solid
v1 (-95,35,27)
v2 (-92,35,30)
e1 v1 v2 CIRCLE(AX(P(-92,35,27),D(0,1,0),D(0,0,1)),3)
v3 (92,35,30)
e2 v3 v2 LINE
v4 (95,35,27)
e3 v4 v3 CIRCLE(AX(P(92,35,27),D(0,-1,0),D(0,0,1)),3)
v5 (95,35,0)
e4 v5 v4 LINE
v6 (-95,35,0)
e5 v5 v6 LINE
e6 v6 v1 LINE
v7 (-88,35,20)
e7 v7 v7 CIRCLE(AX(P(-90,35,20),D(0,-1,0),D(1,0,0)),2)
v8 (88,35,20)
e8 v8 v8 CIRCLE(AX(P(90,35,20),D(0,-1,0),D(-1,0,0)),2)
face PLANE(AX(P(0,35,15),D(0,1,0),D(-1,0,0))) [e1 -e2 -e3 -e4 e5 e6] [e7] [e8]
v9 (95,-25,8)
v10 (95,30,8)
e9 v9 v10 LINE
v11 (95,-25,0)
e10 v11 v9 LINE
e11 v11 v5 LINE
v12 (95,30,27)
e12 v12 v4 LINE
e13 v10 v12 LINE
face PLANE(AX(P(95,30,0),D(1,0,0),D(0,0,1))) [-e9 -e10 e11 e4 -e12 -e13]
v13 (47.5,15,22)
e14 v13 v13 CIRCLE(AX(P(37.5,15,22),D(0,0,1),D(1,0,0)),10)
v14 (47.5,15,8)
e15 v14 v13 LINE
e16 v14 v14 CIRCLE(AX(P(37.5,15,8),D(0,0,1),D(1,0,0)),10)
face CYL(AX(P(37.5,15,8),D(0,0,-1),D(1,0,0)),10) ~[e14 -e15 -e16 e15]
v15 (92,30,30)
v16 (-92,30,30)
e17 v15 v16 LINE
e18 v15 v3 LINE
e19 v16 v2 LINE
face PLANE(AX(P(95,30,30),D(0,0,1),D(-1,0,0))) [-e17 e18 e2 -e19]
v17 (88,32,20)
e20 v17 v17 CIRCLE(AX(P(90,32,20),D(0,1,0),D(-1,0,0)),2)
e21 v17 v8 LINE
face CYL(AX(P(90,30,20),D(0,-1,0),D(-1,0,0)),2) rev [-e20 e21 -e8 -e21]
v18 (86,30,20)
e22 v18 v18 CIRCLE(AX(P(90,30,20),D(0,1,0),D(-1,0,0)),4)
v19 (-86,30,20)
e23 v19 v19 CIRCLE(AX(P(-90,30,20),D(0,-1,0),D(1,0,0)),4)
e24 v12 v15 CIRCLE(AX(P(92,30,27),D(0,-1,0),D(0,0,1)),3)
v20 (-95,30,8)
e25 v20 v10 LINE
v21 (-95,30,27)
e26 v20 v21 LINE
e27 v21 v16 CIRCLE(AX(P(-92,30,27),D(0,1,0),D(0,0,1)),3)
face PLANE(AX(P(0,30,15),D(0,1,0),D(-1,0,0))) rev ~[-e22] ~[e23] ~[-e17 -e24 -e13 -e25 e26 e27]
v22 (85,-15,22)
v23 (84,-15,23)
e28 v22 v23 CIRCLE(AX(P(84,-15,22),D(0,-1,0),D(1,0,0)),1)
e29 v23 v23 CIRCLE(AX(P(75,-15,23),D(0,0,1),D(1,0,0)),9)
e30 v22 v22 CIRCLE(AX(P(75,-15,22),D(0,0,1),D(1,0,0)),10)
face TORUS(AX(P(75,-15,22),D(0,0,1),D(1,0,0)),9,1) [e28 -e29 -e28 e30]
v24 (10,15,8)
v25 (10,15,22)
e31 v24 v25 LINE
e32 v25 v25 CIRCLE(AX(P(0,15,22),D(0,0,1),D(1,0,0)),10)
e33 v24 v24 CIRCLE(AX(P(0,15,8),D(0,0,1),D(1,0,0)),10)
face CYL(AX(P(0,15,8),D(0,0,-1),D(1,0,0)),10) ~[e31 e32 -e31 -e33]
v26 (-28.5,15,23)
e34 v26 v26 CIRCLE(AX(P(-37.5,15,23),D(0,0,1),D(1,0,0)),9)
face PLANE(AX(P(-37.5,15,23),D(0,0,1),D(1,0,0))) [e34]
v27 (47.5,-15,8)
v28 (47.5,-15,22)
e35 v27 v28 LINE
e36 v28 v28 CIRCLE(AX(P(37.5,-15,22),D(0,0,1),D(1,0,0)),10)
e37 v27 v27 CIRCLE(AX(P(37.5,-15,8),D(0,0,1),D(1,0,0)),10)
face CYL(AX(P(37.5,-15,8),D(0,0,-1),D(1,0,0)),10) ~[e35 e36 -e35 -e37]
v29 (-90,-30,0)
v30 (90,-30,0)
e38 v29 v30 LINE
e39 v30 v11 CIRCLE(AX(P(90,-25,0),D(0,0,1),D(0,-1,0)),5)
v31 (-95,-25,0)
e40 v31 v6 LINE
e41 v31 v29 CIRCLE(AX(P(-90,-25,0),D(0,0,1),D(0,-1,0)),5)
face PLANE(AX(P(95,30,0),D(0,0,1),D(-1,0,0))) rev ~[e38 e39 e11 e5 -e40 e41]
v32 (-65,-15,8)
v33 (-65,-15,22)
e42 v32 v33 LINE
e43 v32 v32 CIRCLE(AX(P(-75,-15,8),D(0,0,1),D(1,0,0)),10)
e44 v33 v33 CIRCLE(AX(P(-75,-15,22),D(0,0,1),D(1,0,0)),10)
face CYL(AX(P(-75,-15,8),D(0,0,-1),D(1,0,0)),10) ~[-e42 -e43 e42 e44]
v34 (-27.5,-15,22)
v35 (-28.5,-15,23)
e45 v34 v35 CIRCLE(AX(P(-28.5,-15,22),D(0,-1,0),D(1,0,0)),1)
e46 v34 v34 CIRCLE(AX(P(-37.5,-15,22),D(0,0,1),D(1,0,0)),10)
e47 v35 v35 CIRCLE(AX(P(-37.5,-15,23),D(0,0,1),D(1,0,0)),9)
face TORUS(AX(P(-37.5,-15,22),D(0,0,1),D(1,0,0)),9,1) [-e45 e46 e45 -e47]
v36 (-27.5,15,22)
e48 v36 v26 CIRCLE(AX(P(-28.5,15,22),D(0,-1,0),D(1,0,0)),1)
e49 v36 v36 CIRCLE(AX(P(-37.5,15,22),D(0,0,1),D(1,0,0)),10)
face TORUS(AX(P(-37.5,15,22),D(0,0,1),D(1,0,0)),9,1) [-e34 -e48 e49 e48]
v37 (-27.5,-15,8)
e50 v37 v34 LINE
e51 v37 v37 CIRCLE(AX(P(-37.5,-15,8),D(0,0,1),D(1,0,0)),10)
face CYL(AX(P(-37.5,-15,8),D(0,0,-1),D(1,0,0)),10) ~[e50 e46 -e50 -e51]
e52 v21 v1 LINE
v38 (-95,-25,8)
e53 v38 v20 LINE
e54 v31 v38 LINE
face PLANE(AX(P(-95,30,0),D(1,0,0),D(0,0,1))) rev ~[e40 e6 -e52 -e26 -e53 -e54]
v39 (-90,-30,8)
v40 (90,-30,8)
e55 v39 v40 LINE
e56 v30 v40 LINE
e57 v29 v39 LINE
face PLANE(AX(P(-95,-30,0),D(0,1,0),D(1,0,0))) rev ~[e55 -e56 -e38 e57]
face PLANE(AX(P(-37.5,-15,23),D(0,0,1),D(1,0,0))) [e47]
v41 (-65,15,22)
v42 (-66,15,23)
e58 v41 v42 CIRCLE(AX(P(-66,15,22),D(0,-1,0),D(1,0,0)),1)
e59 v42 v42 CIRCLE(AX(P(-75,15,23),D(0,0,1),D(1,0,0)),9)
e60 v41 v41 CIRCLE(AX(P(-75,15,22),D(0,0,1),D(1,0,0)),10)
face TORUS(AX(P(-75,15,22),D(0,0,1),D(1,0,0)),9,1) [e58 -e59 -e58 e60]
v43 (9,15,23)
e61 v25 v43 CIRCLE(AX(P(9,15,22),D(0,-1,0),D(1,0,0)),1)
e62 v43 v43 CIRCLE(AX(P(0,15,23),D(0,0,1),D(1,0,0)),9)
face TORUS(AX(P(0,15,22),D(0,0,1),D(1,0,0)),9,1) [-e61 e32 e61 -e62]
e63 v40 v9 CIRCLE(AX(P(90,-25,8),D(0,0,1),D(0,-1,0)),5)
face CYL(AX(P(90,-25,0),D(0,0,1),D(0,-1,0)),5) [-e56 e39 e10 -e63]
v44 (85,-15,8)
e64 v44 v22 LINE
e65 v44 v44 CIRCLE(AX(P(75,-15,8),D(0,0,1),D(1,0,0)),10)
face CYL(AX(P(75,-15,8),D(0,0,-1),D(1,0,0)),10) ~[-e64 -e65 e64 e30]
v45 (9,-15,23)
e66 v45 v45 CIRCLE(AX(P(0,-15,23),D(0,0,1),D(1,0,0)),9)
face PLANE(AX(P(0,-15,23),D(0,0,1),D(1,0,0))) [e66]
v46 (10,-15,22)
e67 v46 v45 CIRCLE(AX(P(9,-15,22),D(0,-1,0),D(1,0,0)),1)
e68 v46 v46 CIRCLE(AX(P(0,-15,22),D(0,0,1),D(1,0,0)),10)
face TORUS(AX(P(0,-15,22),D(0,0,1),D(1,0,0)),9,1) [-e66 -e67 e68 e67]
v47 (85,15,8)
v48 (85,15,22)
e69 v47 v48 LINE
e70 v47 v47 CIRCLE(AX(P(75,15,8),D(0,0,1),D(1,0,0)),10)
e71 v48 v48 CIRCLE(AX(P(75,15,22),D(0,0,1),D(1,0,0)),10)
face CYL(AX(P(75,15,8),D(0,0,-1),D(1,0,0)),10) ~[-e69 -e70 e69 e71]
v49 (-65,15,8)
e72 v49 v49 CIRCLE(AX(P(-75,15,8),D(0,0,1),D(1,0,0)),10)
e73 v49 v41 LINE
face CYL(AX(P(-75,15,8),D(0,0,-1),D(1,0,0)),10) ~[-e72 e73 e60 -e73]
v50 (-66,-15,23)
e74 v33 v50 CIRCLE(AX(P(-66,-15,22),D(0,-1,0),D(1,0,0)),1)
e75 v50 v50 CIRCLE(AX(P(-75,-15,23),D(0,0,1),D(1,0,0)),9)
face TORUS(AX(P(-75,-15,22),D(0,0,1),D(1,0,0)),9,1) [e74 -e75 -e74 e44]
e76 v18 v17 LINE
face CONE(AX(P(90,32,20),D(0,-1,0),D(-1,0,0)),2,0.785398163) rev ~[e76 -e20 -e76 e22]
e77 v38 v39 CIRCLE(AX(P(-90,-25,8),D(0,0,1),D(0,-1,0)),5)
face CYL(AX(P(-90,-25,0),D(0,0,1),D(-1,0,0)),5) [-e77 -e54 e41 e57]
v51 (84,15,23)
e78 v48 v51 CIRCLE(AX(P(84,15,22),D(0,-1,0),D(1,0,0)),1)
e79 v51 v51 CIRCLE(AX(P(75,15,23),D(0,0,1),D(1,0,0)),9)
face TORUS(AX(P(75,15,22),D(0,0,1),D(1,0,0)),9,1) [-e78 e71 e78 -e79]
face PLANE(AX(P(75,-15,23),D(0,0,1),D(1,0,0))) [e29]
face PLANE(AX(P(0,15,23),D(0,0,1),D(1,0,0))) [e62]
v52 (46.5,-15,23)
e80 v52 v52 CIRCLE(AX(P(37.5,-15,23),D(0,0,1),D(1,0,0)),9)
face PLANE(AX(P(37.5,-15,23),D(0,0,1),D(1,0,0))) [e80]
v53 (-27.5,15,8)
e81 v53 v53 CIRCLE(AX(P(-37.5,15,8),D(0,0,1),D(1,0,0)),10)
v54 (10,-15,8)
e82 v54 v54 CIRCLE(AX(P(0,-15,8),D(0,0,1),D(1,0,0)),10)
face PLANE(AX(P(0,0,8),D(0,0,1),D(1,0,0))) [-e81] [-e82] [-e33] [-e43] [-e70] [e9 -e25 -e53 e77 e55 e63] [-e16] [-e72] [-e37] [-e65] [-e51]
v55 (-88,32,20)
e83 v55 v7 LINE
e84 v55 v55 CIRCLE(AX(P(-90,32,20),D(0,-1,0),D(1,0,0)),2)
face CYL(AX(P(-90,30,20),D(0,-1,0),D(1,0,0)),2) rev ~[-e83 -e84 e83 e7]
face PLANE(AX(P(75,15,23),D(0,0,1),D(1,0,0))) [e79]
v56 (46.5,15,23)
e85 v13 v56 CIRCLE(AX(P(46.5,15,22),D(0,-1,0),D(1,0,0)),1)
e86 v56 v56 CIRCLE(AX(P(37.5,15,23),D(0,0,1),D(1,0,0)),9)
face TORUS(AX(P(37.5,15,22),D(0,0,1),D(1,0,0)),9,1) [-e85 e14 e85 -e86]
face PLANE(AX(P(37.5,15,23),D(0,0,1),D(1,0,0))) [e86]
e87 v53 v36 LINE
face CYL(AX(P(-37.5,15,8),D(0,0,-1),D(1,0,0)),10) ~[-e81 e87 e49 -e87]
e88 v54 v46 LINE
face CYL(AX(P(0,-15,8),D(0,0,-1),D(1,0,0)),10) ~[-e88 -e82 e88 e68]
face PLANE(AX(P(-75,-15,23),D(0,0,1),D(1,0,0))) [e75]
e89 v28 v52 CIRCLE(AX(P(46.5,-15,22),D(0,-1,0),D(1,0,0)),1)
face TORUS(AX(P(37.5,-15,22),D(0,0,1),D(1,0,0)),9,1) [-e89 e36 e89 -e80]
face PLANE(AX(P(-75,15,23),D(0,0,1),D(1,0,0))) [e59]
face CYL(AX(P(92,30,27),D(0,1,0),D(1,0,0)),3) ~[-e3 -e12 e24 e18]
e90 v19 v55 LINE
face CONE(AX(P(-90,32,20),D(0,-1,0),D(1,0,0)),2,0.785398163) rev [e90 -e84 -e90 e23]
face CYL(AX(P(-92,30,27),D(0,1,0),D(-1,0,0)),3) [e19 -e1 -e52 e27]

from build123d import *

# Parameters (mm, degrees)
SKETCH_W               = 190
SKETCH_H               = 60
PAD_DEPTH              = 8
SKETCH001_R            = 10
PAD001_DEPTH           = 15
LINEARPATTERN_COUNT    = 5
LINEARPATTERN_PITCH    = 37.5
SKETCH002_R            = 10
PAD002_DEPTH           = 15
LINEARPATTERN001_COUNT = 5
LINEARPATTERN001_PITCH = 37.5
SKETCH003_W            = 190
SKETCH003_H            = 30
PAD003_DEPTH           = 5
SKETCH004_R            = 2
POCKET_DEPTH           = 411.07981
FILLET_R               = 1
FILLET001_R            = 5
FILLET002_R            = 3
CHAMFER_SIZE           = 2


with BuildPart() as part:
    # Sketch → Pad (new body)
    with BuildSketch(Plane.XY):
        Rectangle(SKETCH_W, SKETCH_H)
    extrude(amount=PAD_DEPTH)

    # Sketch001 (on Face6 of Pad) → Pad001 (join)
    with BuildSketch(Plane.XY.offset(8)):
        with Locations((-75, 15)):
            Circle(SKETCH001_R)
    pad001 = extrude(amount=PAD001_DEPTH)

    # LinearPattern: Pad001 ×5
    with Locations(*[(i * LINEARPATTERN_PITCH, 0, 0) for i in range(1, LINEARPATTERN_COUNT)]):
        add(pad001)

    # Sketch002 (on Face5 of LinearPattern) → Pad002 (join)
    with BuildSketch(Plane.XY.offset(8)):
        with Locations((-75, -15)):
            Circle(SKETCH002_R)
    pad002 = extrude(amount=PAD002_DEPTH)

    # LinearPattern001: Pad002 ×5
    with Locations(*[(i * LINEARPATTERN001_PITCH, 0, 0) for i in range(1, LINEARPATTERN001_COUNT)]):
        add(pad002)

    # Sketch003 (on Face1 of LinearPattern001) → Pad003 (join)
    with BuildSketch(Plane(origin=(0, 30, 0), x_dir=(-1, 0, 0), z_dir=(0, 1, 0))):
        with Locations((0, 15)):
            Rectangle(SKETCH003_W, SKETCH003_H)
    extrude(amount=PAD003_DEPTH)

    # Sketch004 (on Face9 of Pad003) → Pocket (cut, through all)
    with BuildSketch(Plane.XZ.offset(-30)):
        with Locations((-90, 20)):
            Circle(SKETCH004_R)
    pocket = extrude(amount=-POCKET_DEPTH, mode=Mode.SUBTRACT)

    # Mirrored: Pocket across Sketch004 V_Axis
    add(pocket.mirror(Plane(origin=(0, 30, 0), x_dir=(0, -1, 0), z_dir=(1, 0, 0))), mode=Mode.SUBTRACT)

    # Fillet
    fillet_edges = [part.edges().sort_by_distance(p)[0] for p in [
        (65, -15, 23),
        (27.5, -15, 23),
        (27.5, 15, 23),
        (65, 15, 23),
        (-10, -15, 23),
        (-10, 15, 23),
        (-47.5, 15, 23),
        (-47.5, -15, 23),
        (-85, -15, 23),
        (-85, 15, 23),
    ]]
    fillet(fillet_edges, radius=FILLET_R)

    # Fillet001
    fillet001_edges = [part.edges().sort_by_distance(p)[0] for p in [
        (-95, -30, 4),
        (95, -30, 4),
    ]]
    fillet(fillet001_edges, radius=FILLET001_R)

    # Fillet002
    fillet002_edges = [part.edges().sort_by_distance(p)[0] for p in [
        (-95, 32.5, 30),
        (95, 32.5, 30),
    ]]
    fillet(fillet002_edges, radius=FILLET002_R)

    # Chamfer
    chamfer_edges = [part.edges().sort_by_distance(p)[0] for p in [
        (-92, 30, 20),
        (92, 30, 20),
    ]]
    chamfer(chamfer_edges, length=CHAMFER_SIZE)


solid = part.part
